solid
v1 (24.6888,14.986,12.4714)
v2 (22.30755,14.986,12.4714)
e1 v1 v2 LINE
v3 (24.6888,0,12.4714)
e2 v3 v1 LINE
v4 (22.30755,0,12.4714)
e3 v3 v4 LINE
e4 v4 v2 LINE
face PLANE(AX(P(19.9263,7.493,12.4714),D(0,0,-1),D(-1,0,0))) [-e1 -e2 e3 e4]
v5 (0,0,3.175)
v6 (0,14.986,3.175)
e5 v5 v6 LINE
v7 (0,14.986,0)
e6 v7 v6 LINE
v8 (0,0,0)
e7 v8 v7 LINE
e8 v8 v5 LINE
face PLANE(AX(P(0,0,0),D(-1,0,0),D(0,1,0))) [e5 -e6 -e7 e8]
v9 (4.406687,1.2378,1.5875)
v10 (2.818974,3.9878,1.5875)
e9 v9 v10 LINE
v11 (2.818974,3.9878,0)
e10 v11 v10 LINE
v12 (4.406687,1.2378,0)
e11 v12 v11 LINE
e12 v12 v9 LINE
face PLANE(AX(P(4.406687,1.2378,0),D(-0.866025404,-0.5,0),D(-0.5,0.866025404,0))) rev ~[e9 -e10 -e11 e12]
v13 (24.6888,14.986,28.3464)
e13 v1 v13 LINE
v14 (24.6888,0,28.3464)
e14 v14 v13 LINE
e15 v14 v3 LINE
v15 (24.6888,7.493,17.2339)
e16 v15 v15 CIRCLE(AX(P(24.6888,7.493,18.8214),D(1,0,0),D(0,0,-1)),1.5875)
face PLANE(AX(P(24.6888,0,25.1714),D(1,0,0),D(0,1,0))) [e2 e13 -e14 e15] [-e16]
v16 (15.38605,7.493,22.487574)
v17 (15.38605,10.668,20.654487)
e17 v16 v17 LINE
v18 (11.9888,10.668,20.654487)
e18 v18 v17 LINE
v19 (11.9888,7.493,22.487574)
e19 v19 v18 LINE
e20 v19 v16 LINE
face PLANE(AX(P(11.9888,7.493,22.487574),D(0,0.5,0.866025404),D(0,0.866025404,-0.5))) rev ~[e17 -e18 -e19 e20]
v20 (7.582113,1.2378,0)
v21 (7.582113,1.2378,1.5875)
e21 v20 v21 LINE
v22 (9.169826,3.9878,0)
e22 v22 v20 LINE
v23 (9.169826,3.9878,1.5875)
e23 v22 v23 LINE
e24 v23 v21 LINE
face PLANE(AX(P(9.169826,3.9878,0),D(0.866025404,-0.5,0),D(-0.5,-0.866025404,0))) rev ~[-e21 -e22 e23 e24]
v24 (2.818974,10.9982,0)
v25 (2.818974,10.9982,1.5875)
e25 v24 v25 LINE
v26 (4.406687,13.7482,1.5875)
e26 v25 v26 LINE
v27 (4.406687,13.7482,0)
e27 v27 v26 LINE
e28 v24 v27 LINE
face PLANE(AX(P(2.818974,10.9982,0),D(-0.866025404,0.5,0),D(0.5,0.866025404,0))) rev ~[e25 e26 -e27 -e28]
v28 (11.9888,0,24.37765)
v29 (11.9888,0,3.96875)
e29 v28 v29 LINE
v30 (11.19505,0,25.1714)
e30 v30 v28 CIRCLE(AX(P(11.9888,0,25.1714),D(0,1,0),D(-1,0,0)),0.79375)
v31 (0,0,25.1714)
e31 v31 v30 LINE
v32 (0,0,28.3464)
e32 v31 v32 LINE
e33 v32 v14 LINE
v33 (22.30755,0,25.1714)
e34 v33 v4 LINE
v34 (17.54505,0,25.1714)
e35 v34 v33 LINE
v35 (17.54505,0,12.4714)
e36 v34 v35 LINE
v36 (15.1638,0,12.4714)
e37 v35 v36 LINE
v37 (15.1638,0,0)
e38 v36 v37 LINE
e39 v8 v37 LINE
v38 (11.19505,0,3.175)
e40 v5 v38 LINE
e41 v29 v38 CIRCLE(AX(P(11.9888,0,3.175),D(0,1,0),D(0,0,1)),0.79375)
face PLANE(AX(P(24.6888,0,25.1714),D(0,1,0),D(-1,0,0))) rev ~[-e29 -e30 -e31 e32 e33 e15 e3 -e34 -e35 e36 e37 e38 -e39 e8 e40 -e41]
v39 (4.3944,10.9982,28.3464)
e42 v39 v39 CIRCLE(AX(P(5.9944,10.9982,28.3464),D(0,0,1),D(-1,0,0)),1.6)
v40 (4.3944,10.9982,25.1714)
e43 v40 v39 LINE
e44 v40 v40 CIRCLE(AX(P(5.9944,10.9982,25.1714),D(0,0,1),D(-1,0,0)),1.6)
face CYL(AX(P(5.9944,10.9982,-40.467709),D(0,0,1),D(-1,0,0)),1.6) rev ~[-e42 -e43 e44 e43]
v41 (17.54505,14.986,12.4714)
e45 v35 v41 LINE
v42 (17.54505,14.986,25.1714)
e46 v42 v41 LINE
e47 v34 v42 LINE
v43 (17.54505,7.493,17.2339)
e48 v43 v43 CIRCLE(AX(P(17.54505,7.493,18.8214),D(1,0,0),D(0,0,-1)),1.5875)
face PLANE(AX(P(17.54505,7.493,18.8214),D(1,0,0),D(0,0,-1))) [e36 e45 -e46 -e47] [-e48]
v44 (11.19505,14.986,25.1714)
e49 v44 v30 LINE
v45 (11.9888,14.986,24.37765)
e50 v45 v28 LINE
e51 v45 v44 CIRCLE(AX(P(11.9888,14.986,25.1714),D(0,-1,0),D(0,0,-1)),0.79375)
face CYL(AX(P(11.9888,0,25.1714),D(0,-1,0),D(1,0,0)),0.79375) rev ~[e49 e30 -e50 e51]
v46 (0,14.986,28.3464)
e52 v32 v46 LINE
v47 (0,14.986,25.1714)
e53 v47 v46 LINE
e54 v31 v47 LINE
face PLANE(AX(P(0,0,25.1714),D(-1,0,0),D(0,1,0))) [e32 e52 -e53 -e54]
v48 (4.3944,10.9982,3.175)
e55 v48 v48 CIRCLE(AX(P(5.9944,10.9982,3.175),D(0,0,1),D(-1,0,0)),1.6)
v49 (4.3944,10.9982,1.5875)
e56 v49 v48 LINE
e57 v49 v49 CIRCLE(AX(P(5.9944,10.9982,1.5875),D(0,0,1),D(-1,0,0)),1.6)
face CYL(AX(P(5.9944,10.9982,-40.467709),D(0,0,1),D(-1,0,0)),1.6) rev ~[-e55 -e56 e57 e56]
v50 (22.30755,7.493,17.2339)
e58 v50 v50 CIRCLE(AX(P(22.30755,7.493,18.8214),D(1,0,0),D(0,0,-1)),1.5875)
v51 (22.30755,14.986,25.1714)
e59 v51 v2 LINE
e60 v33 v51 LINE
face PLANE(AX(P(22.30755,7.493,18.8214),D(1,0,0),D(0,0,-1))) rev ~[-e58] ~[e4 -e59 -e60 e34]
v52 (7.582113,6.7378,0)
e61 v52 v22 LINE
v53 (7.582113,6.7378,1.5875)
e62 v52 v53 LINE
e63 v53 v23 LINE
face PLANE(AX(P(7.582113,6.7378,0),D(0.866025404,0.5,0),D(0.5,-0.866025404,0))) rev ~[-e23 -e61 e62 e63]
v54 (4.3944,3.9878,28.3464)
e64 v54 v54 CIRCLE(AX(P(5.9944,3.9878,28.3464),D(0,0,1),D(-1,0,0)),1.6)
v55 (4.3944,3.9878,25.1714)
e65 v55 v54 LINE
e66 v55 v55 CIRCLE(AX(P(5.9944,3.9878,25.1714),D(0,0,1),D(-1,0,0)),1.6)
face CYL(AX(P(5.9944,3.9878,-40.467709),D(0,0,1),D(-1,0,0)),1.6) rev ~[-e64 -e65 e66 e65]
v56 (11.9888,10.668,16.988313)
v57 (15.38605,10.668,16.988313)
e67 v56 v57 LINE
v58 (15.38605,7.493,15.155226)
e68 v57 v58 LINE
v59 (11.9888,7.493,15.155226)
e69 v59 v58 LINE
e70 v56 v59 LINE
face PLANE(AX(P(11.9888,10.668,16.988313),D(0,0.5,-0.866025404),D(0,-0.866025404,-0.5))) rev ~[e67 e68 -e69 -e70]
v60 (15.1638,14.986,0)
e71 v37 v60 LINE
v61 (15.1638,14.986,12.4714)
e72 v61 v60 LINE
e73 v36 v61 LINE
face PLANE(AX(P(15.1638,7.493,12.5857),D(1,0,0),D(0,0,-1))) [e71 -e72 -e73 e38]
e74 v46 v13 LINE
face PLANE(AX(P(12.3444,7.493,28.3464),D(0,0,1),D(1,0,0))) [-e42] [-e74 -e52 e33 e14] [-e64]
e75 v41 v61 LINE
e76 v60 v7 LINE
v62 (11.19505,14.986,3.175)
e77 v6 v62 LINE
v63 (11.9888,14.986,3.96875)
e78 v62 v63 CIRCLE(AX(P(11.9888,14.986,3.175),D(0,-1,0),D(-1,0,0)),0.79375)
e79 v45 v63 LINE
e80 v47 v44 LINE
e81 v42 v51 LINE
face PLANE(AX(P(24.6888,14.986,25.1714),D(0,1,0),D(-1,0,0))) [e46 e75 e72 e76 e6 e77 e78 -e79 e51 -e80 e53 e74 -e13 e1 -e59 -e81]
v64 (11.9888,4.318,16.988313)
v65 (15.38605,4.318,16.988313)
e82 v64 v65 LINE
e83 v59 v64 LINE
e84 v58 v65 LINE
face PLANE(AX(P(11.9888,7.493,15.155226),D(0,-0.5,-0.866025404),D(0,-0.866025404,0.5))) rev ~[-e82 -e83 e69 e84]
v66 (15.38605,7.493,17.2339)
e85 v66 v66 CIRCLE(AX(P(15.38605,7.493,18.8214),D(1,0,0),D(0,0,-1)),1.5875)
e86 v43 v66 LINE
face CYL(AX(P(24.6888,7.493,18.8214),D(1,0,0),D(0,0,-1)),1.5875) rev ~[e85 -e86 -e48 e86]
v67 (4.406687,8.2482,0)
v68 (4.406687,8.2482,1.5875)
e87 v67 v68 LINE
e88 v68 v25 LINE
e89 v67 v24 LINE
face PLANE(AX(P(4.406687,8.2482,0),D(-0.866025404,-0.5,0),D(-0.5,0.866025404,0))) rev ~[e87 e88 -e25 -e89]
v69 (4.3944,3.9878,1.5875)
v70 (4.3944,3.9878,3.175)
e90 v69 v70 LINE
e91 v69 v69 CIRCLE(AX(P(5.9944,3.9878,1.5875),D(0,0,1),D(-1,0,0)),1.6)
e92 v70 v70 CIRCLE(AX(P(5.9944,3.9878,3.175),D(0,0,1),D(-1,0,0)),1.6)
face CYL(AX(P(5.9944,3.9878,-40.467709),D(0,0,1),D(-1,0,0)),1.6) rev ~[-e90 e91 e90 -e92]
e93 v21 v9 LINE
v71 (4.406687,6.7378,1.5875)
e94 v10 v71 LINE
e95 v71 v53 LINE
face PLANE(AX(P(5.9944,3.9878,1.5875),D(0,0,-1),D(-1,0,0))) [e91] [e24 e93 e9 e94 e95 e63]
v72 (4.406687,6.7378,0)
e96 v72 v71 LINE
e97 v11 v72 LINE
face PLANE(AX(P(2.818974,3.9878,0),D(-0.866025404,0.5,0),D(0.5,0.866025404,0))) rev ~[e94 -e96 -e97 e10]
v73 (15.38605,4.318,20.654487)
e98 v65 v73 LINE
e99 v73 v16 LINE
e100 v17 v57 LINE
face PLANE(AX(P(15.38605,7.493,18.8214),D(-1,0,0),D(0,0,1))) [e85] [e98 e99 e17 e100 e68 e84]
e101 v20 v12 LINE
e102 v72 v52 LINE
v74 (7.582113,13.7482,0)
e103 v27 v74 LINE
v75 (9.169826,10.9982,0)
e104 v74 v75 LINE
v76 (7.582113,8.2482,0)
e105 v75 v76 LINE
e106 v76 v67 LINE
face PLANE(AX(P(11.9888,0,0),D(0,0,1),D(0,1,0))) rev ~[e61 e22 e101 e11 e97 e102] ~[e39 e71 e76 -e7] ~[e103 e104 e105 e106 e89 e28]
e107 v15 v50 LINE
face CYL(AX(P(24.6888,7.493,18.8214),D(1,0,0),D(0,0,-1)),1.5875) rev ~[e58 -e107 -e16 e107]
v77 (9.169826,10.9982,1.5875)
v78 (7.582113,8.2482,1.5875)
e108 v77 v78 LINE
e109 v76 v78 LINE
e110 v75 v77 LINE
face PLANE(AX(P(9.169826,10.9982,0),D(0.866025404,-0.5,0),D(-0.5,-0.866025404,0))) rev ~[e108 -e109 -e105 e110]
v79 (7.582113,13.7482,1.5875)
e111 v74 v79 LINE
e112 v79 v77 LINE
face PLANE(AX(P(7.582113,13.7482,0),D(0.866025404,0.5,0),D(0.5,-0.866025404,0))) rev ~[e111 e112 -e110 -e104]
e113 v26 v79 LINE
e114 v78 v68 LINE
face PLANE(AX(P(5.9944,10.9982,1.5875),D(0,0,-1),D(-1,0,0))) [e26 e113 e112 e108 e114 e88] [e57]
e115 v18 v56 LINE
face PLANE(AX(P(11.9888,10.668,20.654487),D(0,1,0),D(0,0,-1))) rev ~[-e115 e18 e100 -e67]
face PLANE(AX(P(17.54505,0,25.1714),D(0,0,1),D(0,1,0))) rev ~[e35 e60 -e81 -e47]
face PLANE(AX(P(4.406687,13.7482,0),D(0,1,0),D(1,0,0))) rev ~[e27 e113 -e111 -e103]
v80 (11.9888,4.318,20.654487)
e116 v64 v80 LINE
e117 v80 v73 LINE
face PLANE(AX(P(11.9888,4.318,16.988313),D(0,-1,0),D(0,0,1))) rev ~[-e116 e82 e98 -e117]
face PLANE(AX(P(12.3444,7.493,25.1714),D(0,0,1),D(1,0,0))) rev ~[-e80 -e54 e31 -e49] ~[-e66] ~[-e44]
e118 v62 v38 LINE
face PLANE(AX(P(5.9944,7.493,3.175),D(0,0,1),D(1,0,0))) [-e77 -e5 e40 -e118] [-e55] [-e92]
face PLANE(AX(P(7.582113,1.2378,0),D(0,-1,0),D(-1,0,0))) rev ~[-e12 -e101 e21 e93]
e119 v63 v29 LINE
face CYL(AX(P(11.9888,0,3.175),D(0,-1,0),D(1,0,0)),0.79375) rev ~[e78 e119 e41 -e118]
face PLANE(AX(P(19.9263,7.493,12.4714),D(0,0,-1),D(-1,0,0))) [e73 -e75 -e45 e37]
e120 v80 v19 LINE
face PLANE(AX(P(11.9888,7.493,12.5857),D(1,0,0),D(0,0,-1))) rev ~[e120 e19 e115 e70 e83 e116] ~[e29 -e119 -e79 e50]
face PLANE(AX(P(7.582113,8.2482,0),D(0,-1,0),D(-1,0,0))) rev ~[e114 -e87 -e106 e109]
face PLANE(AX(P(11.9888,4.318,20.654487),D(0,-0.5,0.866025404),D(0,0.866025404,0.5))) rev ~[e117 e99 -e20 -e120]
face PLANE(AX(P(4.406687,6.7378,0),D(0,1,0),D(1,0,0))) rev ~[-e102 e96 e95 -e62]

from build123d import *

# Parameters (mm, degrees)
SKETCH1_W               = 11.9888
SKETCH1_H               = 14.986
BOSS_EXTRUDE1_DEPTH     = 3.175
SKETCH6_W               = 25.1714
SKETCH6_H               = 14.986
BOSS_EXTRUDE6_DEPTH     = 3.175
SKETCH10_W              = 24.6888
SKETCH10_H              = 14.986
BOSS_EXTRUDE7_DEPTH     = 3.175
M3_CLEARANCE_HOLE1_D    = 3.2
SKETCH15_R              = 0.79375
CUT_EXTRUDE5_DEPTH      = 41.467708539
CUT_EXTRUDE6_DEPTH      = 1.5875
SKETCH17_W              = 9.525
SKETCH17_H              = 14.986
BOSS_EXTRUDE8_DEPTH     = 12.7
CUT_EXTRUDE7_DEPTH      = 2.38125
CUT_EXTRUDE7_DEPTH_BACK = 2.38125
SKETCH19_W              = 12.7
SKETCH19_H              = 14.986
SKETCH20_R              = 1.5875
CUT_EXTRUDE8_DEPTH      = 16.60525
CUT_EXTRUDE9_DEPTH      = 3.39725


with BuildPart() as part:
    # Sketch1 → Boss-Extrude1 (new body)
    with BuildSketch(Plane.XY):
        with Locations((5.9944, 7.493)):
            Rectangle(SKETCH1_W, SKETCH1_H)
    extrude(amount=BOSS_EXTRUDE1_DEPTH)

    # Sketch6 → Boss-Extrude6 (add)
    with BuildSketch(Plane(origin=(11.9888, 0, 0), x_dir=(0, 0, -1), z_dir=(1, 0, 0))):
        with Locations((-12.5857, 7.493)):
            Rectangle(SKETCH6_W, SKETCH6_H)
    extrude(amount=BOSS_EXTRUDE6_DEPTH)

    # Sketch10 → Boss-Extrude7 (add)
    with BuildSketch(Plane.XY.offset(25.1714)):
        with Locations((12.3444, 7.493)):
            Rectangle(SKETCH10_W, SKETCH10_H)
    extrude(amount=BOSS_EXTRUDE7_DEPTH)

    # M3 Clearance Hole1 (through all)
    with Locations(Plane(origin=(-0.089803774, -1.114373232, 0), x_dir=(1, 0, 0), z_dir=(0, 0, -1))):
        with Locations((6.084203774, -12.112573232), (6.084203774, -5.102173232)):
            Hole(M3_CLEARANCE_HOLE1_D / 2)

    # Sketch15 → Cut-Extrude5 (cut, through all)
    with BuildSketch(Plane.XZ):
        with Locations((11.9888, 25.1714)):
            Circle(SKETCH15_R)
        with Locations((11.9888, 3.175)):
            Circle(SKETCH15_R)
    extrude(amount=-CUT_EXTRUDE5_DEPTH, mode=Mode.SUBTRACT)

    # Sketch16 → Cut-Extrude6 (cut)
    with BuildSketch(Plane(origin=(0, 0, 0), x_dir=(-1, 0, 0), z_dir=(0, 0, -1))):
        Polygon((-4.40668676, 6.7378), (-7.58211324, 6.7378), (-9.169826481, 3.9878), (-7.58211324, 1.2378), (-4.40668676, 1.2378), (-2.818973519, 3.9878), align=None)
        Polygon((-4.40668676, 13.7482), (-7.58211324, 13.7482), (-9.169826481, 10.9982), (-7.58211324, 8.2482), (-4.40668676, 8.2482), (-2.818973519, 10.9982), align=None)
    extrude(amount=-CUT_EXTRUDE6_DEPTH, mode=Mode.SUBTRACT)

    # Sketch17 → Boss-Extrude8 (add)
    with BuildSketch(Plane(origin=(0, 0, 25.1714), x_dir=(-1, 0, 0), z_dir=(0, 0, -1))):
        with Locations((-19.9263, 7.493)):
            Rectangle(SKETCH17_W, SKETCH17_H)
    extrude(amount=BOSS_EXTRUDE8_DEPTH)

    # Sketch19 → Cut-Extrude7 (cut, two sides: drawn at the far end of the back side and taken through both)
    with BuildSketch(Plane(origin=(19.9263, 0, 0), x_dir=(0, 0, -1), z_dir=(1, 0, 0)).offset(-CUT_EXTRUDE7_DEPTH_BACK)):
        with Locations((-18.8214, 7.493)):
            Rectangle(SKETCH19_W, SKETCH19_H)
    extrude(amount=CUT_EXTRUDE7_DEPTH + CUT_EXTRUDE7_DEPTH_BACK, mode=Mode.SUBTRACT)

    # Sketch20 → Cut-Extrude8 (cut)
    with BuildSketch(Plane(origin=(24.6888, 0, 0), x_dir=(0, 0, -1), z_dir=(1, 0, 0))):
        with Locations((-18.8214, 7.493)):
            Circle(SKETCH20_R)
    extrude(amount=-CUT_EXTRUDE8_DEPTH, mode=Mode.SUBTRACT)

    # Sketch21 → Cut-Extrude9 (cut)
    with BuildSketch(Plane.ZY.offset(-11.9888)):
        Polygon((22.487574209, 7.493), (20.654487105, 10.668), (16.988312895, 10.668), (15.155225791, 7.493), (16.988312895, 4.318), (20.654487105, 4.318), align=None)
    extrude(amount=-CUT_EXTRUDE9_DEPTH, mode=Mode.SUBTRACT)


solid = part.part
